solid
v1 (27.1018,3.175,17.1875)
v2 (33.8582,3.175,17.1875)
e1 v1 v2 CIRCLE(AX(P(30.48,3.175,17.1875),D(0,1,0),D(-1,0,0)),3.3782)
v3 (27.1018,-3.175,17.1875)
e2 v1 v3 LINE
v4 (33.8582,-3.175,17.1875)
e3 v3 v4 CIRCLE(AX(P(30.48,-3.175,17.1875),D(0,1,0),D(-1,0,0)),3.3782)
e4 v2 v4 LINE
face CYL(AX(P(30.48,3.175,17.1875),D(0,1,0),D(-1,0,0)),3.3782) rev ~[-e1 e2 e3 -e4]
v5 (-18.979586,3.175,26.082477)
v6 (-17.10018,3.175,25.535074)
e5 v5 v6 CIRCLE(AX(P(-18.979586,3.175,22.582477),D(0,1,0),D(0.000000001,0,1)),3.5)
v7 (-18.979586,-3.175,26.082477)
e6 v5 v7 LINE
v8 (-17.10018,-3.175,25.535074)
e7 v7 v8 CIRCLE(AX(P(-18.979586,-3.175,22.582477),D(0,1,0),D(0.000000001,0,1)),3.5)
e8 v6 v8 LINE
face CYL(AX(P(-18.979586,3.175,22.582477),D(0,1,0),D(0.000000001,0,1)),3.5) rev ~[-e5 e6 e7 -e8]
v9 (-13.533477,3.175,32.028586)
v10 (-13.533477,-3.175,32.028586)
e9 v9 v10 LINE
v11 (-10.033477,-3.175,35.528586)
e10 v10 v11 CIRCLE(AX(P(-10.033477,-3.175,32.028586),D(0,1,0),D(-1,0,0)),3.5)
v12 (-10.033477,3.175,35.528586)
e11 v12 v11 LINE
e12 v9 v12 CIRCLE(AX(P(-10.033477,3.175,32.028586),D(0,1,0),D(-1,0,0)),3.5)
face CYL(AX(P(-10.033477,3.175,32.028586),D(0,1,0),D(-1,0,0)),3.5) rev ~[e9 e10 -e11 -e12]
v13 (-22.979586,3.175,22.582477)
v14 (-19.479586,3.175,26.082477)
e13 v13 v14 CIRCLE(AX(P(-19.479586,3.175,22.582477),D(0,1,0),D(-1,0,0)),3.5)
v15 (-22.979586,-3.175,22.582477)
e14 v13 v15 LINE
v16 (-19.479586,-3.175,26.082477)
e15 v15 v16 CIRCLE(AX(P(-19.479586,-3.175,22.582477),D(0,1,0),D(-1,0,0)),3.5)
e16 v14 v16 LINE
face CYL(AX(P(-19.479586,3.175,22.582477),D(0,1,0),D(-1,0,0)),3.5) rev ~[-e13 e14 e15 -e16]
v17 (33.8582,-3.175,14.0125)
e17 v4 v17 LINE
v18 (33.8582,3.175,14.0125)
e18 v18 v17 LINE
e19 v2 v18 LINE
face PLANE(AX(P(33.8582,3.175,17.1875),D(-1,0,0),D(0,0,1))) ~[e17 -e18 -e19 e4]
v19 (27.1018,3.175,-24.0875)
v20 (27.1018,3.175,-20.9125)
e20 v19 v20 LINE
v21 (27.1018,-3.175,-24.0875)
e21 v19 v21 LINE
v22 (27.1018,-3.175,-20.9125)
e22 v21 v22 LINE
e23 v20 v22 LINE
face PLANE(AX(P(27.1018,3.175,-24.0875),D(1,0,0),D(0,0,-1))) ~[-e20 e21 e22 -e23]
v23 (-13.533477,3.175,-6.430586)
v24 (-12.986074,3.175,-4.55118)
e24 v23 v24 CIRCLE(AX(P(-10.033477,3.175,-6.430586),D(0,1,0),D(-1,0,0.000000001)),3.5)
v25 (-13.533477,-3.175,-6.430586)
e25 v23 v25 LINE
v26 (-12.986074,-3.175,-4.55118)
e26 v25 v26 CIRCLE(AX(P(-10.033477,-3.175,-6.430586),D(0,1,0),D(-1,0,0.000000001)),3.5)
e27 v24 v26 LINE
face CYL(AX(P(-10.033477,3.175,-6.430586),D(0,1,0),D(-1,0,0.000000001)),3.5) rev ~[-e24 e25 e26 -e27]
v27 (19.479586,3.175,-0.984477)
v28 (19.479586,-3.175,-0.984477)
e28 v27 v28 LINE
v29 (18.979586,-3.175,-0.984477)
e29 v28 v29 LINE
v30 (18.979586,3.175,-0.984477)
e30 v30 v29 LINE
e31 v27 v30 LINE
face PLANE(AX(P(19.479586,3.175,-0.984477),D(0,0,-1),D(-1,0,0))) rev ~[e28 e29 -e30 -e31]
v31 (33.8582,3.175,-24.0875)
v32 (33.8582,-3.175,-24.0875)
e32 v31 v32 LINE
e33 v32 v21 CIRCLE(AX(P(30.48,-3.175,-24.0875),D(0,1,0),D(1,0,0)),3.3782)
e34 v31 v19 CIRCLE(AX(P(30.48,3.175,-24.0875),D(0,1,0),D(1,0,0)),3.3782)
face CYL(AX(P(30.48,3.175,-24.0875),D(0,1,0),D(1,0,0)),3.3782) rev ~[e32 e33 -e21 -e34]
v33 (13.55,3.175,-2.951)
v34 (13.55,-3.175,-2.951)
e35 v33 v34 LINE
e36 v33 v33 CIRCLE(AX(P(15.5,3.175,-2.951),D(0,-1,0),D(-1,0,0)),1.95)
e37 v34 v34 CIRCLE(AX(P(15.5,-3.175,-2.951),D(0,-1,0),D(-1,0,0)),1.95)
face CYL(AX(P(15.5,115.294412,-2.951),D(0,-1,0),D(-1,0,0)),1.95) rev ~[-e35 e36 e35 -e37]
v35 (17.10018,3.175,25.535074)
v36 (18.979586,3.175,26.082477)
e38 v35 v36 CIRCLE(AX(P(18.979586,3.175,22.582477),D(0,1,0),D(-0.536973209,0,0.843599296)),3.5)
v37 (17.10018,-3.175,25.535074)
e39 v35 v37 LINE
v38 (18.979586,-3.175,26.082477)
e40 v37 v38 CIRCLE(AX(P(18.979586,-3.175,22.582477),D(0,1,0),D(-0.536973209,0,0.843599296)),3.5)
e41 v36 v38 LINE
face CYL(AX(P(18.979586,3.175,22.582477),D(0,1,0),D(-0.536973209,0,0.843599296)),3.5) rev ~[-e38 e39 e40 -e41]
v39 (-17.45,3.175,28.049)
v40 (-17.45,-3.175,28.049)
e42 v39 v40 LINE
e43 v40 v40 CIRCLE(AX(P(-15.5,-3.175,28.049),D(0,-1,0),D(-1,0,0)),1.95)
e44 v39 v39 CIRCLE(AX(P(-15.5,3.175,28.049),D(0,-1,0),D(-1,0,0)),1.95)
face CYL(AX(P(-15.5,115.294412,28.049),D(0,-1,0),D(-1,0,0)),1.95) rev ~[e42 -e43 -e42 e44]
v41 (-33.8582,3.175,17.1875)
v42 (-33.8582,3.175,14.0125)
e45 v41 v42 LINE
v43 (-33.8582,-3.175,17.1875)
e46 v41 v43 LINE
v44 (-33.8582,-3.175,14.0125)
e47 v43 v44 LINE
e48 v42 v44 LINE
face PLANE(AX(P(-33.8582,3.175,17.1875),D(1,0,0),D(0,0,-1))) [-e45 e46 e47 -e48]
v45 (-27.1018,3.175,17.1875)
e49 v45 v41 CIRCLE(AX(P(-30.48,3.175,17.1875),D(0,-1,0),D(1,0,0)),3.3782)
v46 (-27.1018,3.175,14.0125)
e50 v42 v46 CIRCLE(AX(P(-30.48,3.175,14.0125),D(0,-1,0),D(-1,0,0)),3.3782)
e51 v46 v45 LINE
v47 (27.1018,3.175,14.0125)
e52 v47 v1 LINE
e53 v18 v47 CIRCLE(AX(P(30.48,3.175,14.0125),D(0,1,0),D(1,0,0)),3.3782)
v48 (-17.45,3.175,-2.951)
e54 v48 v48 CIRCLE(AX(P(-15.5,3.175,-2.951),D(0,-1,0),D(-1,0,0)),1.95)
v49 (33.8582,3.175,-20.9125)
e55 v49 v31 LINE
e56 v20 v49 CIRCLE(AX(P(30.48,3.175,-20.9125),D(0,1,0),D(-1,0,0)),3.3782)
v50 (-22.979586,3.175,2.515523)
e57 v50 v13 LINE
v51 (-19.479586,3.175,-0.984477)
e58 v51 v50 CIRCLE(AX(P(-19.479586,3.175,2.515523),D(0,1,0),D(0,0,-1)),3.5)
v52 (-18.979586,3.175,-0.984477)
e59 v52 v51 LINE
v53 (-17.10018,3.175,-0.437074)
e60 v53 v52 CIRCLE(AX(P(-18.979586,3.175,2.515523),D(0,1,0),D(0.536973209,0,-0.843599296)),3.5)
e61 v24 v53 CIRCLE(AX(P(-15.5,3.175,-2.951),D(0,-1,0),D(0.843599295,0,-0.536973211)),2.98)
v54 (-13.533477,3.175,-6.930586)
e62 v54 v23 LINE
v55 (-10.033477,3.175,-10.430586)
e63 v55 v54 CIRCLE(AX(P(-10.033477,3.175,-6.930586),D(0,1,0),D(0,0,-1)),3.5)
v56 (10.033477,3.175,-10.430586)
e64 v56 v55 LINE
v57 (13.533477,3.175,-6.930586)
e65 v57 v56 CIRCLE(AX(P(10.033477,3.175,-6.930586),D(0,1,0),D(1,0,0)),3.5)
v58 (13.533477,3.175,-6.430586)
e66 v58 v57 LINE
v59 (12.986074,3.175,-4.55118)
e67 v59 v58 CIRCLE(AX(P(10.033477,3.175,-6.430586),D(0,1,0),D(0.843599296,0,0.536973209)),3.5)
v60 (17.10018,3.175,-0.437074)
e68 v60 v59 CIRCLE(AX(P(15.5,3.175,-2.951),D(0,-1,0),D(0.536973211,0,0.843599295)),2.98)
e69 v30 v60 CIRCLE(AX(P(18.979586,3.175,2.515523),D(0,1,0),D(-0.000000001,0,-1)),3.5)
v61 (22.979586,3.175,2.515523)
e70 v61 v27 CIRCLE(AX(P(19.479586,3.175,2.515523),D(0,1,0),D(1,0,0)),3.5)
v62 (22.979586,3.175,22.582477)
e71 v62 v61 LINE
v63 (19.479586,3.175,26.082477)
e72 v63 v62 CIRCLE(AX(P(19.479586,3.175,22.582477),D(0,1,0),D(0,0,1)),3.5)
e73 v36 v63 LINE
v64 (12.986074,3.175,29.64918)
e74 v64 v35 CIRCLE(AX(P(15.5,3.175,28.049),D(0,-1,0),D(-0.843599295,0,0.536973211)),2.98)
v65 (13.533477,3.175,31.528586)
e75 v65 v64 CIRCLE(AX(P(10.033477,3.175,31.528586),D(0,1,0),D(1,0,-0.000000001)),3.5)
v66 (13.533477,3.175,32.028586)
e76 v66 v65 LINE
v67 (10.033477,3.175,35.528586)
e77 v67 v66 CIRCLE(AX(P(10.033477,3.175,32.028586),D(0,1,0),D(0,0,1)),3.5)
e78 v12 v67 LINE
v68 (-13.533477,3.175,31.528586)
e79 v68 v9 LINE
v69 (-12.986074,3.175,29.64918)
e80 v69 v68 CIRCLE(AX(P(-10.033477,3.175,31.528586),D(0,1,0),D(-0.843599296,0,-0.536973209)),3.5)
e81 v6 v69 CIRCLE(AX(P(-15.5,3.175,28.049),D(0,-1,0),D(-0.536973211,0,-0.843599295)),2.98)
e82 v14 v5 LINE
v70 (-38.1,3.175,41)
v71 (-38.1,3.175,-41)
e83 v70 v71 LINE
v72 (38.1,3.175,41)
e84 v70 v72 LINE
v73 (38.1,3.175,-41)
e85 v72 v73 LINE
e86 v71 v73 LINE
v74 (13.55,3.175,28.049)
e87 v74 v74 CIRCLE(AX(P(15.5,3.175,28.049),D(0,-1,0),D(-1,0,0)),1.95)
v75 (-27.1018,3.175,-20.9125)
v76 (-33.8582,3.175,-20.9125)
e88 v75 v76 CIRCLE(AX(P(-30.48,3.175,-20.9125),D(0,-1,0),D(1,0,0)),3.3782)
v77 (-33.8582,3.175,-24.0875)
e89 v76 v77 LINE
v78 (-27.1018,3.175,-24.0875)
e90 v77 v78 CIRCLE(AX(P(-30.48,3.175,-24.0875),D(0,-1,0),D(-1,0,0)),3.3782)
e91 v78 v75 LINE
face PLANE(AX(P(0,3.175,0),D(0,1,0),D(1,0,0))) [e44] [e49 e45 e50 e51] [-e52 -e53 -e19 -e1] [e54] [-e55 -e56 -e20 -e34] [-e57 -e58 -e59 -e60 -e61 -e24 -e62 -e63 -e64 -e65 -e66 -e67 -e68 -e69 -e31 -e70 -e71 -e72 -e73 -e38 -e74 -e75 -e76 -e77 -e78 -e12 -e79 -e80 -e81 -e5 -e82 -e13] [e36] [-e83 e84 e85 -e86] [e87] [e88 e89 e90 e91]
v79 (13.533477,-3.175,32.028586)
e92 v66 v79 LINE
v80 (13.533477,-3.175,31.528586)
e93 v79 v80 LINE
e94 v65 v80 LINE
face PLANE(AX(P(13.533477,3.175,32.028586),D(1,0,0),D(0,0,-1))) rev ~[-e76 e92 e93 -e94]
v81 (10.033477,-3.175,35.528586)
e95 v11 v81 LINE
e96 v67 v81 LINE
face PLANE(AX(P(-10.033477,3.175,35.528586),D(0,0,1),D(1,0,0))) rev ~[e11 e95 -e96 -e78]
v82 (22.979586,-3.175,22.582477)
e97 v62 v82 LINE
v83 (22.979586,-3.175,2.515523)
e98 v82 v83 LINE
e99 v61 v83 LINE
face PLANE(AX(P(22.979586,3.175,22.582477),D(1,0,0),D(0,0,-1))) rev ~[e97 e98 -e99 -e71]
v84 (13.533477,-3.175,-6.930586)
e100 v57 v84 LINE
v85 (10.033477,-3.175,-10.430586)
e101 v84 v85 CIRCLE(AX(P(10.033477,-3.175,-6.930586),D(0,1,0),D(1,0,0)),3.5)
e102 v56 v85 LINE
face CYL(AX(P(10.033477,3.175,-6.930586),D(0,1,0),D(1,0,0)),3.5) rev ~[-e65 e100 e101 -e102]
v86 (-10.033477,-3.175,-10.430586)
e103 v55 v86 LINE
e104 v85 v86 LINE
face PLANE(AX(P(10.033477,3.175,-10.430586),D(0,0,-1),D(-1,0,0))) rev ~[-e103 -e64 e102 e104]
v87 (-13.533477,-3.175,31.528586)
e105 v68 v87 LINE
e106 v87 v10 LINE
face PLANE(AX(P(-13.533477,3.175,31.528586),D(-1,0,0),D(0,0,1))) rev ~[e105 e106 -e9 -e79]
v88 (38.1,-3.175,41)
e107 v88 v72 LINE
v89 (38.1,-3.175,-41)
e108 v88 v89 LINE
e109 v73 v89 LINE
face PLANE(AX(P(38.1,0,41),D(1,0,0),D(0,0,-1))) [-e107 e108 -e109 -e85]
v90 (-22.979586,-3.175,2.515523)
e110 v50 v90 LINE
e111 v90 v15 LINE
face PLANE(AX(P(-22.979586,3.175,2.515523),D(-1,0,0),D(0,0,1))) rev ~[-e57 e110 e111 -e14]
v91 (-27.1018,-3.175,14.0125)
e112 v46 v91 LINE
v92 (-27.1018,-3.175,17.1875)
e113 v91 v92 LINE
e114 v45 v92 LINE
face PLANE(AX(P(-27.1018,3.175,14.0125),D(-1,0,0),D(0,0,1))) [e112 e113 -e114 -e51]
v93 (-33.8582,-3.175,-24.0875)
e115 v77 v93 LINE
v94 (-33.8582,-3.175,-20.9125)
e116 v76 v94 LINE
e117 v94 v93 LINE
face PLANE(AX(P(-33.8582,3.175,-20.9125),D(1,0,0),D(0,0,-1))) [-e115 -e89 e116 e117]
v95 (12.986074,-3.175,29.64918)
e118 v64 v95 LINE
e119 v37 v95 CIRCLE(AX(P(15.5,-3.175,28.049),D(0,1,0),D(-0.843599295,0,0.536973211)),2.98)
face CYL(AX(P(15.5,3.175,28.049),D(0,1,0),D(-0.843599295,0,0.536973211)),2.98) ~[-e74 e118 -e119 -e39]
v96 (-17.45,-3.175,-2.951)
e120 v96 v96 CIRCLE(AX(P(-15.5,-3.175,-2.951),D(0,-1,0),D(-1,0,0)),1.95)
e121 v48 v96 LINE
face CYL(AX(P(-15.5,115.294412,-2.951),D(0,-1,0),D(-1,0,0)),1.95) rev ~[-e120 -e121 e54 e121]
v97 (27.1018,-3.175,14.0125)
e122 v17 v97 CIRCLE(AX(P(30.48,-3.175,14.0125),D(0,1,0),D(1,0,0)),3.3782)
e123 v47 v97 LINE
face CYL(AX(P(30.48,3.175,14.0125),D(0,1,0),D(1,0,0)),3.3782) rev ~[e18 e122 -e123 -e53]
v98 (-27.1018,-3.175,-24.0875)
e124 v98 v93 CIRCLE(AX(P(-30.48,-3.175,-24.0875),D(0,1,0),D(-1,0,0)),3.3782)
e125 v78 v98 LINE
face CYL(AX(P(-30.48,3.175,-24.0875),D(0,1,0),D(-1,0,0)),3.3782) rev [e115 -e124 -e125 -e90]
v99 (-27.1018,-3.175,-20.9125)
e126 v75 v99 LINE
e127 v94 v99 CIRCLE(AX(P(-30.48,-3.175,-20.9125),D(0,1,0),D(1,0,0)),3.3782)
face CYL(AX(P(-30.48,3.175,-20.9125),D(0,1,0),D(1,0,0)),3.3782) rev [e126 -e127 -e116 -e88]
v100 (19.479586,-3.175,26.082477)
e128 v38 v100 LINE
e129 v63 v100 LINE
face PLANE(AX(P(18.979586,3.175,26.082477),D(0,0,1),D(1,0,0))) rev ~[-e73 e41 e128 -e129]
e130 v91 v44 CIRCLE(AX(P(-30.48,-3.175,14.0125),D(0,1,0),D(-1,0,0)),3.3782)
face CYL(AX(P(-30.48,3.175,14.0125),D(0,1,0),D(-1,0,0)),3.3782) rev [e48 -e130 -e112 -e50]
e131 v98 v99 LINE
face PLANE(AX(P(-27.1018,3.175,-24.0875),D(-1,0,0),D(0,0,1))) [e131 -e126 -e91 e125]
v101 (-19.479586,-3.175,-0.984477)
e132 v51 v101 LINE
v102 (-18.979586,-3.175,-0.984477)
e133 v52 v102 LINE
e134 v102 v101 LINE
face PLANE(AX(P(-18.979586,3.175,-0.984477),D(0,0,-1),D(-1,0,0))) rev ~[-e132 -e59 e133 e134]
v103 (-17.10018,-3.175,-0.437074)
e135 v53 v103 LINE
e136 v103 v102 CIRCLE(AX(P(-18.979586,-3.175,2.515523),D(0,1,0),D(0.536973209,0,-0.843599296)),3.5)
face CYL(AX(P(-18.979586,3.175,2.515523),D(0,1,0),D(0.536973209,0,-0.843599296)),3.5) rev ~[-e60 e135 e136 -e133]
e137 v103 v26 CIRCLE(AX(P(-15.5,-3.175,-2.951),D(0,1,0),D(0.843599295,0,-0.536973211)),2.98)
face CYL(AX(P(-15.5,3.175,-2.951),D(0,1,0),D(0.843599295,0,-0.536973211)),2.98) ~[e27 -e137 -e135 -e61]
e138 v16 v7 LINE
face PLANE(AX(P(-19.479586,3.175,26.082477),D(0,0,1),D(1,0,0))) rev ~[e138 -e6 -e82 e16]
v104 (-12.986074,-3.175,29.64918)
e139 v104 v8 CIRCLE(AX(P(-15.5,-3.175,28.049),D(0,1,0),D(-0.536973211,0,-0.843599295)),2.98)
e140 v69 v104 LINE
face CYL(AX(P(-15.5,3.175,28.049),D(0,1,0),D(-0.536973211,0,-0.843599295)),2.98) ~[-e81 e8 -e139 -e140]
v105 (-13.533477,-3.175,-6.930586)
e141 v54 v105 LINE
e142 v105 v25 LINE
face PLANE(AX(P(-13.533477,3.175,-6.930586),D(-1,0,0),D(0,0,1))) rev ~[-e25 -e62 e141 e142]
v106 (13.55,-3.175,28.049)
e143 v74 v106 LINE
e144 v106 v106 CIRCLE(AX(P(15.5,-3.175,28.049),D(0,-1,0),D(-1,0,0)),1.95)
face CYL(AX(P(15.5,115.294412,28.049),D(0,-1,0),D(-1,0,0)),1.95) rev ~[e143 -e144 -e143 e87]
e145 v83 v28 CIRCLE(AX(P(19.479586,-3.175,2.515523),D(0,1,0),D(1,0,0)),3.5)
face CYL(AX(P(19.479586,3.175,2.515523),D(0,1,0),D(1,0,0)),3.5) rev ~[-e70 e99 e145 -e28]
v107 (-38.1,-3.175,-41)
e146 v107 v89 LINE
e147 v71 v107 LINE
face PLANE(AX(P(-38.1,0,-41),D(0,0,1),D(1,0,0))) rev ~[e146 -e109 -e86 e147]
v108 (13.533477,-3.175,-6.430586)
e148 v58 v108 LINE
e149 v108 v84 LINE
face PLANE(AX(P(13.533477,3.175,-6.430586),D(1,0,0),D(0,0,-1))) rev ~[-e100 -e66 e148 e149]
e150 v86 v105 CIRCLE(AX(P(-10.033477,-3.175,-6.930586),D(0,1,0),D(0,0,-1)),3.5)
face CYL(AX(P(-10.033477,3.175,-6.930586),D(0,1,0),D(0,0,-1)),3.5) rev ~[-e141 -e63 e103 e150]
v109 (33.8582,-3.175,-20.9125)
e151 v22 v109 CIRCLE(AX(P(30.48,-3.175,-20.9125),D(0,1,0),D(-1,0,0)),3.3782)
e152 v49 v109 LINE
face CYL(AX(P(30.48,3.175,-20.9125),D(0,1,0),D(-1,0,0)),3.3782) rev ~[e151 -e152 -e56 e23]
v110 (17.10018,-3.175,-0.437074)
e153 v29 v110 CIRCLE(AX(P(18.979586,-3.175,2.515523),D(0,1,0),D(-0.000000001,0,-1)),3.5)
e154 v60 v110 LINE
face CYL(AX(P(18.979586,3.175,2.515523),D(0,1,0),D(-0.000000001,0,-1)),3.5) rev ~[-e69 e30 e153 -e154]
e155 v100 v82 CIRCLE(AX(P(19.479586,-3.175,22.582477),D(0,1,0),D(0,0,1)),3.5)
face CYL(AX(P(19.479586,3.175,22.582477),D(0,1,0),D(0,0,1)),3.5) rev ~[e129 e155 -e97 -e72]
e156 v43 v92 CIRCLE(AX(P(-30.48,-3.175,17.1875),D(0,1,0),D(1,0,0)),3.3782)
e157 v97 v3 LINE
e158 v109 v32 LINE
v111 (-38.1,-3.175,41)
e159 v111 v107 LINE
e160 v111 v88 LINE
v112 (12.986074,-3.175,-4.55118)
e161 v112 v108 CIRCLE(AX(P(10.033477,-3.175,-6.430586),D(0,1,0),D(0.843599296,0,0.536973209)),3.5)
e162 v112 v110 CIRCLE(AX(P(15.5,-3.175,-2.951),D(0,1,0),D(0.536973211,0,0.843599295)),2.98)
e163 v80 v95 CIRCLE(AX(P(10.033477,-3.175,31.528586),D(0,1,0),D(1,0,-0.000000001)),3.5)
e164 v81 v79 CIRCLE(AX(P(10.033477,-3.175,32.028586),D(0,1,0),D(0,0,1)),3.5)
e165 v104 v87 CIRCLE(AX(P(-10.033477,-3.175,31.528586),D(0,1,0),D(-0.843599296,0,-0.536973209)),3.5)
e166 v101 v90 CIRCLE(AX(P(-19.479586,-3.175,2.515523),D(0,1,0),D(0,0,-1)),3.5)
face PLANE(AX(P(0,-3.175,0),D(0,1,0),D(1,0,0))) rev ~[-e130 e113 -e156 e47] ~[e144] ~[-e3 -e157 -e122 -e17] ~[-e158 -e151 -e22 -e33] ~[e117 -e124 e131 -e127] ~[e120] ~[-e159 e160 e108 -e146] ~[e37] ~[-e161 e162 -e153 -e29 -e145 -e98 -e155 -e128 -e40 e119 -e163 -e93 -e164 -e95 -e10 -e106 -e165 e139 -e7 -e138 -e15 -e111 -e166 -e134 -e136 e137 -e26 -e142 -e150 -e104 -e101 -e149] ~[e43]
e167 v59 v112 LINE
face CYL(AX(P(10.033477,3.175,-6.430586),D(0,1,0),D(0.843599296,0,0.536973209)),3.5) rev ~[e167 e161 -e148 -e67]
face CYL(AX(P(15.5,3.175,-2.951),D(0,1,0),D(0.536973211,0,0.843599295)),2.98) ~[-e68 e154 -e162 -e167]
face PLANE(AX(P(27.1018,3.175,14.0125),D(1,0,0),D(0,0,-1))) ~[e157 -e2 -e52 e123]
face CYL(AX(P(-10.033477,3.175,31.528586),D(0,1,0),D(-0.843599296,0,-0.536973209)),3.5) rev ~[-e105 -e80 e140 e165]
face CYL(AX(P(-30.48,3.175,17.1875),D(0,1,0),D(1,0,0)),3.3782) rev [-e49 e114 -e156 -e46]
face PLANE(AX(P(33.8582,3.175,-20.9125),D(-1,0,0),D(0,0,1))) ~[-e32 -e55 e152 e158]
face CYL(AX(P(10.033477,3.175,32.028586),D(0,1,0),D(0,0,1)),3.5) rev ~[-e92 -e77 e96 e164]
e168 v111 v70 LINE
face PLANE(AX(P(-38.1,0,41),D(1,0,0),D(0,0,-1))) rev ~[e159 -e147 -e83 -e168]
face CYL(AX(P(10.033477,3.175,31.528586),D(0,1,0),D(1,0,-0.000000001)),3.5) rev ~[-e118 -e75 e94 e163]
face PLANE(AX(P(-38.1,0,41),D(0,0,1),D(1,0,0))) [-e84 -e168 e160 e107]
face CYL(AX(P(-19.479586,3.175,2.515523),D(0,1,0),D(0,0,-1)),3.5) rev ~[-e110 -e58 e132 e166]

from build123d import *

# Parameters (mm, degrees)
SKETCH1_W              = 76.2
SKETCH1_H              = 82
BOSS_EXTRUDE1_DEPTH    = 3.175
CUT_EXTRUDE2_DEPTH     = 57.328789264
M3_5_CLEARANCE_HOLE1_D = 3.9
CUT_EXTRUDE6_DEPTH     = 57.328789264
CUT_EXTRUDE7_DEPTH     = 57.328789264
CIRPATTERN1_COUNT      = 4


with BuildPart() as part:
    # Sketch1 → Boss-Extrude1 (new, symmetric)
    with BuildSketch(Plane(origin=(0, 0, 0), x_dir=(1, 0, 0), z_dir=(0, 1, 0))):
        Rectangle(SKETCH1_W, SKETCH1_H)
    extrude(amount=BOSS_EXTRUDE1_DEPTH, both=True)

    # Sketch8 → Cut-Extrude2 (cut, through all)
    with BuildSketch(Plane(origin=(0, 3.175, 0), x_dir=(1, 0, 0), z_dir=(0, 1, 0))):
        with BuildLine():
            Line((-33.8582, -17.1875), (-33.8582, -14.0125))
            ThreePointArc((-33.8582, -14.0125), (-30.48, -10.6343), (-27.1018, -14.0125))
            Line((-27.1018, -14.0125), (-27.1018, -17.1875))
            ThreePointArc((-27.1018, -17.1875), (-30.48, -20.5657), (-33.8582, -17.1875))
        make_face()
        with BuildLine():
            Line((-33.8582, 20.9125), (-33.8582, 24.0875))
            ThreePointArc((-33.8582, 24.0875), (-30.48, 27.4657), (-27.1018, 24.0875))
            Line((-27.1018, 24.0875), (-27.1018, 20.9125))
            ThreePointArc((-27.1018, 20.9125), (-30.48, 17.5343), (-33.8582, 20.9125))
        make_face()
    cut_extrude2 = extrude(amount=-CUT_EXTRUDE2_DEPTH, mode=Mode.SUBTRACT)

    # Mirror1: Cut-Extrude2 across plane
    add(cut_extrude2.mirror(Plane(origin=(0, 0, 0), x_dir=(0, 0, 1), z_dir=(1, 0, 0))), mode=Mode.SUBTRACT)

    # M3.5 Clearance Hole1 (through all)
    with Locations(Plane(origin=(0, 3.175, 0), x_dir=(1, 0, 0), z_dir=(0, 1, 0))):
        with Locations((-15.5, 2.951), (15.5, 2.951), (15.5, -28.049), (-15.5, -28.049)):
            Hole(M3_5_CLEARANCE_HOLE1_D / 2)

    # Sketch23 → Cut-Extrude6 (cut, through all)
    with BuildSketch(Plane(origin=(0, 3.175, 0), x_dir=(1, 0, 0), z_dir=(0, 1, 0))):
        with BuildLine():
            Line((-12.9860741, 8.471), (-12.9860741, 4.551180167))
            ThreePointArc((-12.9860741, 4.551180167), (-13.392821792, 0.843821792), (-17.100180167, 0.4370741))
            Line((-17.100180167, 0.4370741), (-21.02, 0.4370741))
            Line((-21.02, 0.4370741), (-21.02, -25.5350741))
            Line((-21.02, -25.5350741), (-17.100180167, -25.5350741))
            ThreePointArc((-17.100180167, -25.5350741), (-13.392821792, -25.941821792), (-12.9860741, -29.649180167))
            Line((-12.9860741, -29.649180167), (-12.9860741, -33.569))
            Line((-12.9860741, -33.569), (12.9860741, -33.569))
            Line((12.9860741, -33.569), (12.9860741, -29.649180167))
            ThreePointArc((12.9860741, -29.649180167), (13.392821792, -25.941821792), (17.100180167, -25.5350741))
            Line((17.100180167, -25.5350741), (21.02, -25.5350741))
            Line((21.02, -25.5350741), (21.02, 0.4370741))
            Line((21.02, 0.4370741), (17.100180167, 0.4370741))
            ThreePointArc((17.100180167, 0.4370741), (13.392821792, 0.843821792), (12.9860741, 4.551180167))
            Line((12.9860741, 4.551180167), (12.9860741, 8.471))
            Line((12.9860741, 8.471), (-12.9860741, 8.471))
        make_face()
    extrude(amount=-CUT_EXTRUDE6_DEPTH, mode=Mode.SUBTRACT)

    # Sketch24 → Cut-Extrude7 (cut, through all)
    with BuildSketch(Plane(origin=(0, 3.175, 0), x_dir=(1, 0, 0), z_dir=(0, 1, 0))):
        with BuildLine():
            Line((-18.979586404, 0.984476566), (-19.479586404, 0.984476566))
            ThreePointArc((-19.479586404, 0.984476566), (-21.954460139, -0.0406497), (-22.979586404, -2.515523434))
            Line((-22.979586404, -2.515523434), (-22.979586404, -22.582476566))
            ThreePointArc((-22.979586404, -22.582476566), (-21.954460139, -25.0573503), (-19.479586404, -26.082476566))
            Line((-19.479586404, -26.082476566), (-18.979586404, -26.082476566))
            ThreePointArc((-18.979586404, -26.082476566), (-18.000834998, -25.942840487), (-17.100180167, -25.5350741))
            ThreePointArc((-17.100180167, -25.5350741), (-13.392821792, -25.941821792), (-12.9860741, -29.649180167))
            Line((-12.9860741, -29.649180167), (-7.9860741, -29.649180167))
            Line((-7.9860741, -29.649180167), (-7.9860741, 4.551180167))
            Line((-7.9860741, 4.551180167), (-12.9860741, 4.551180167))
            ThreePointArc((-12.9860741, 4.551180167), (-13.392821792, 0.843821792), (-17.100180167, 0.4370741))
            ThreePointArc((-17.100180167, 0.4370741), (-18.000834998, 0.844840487), (-18.979586404, 0.984476566))
        make_face()
    cut_extrude7 = extrude(amount=-CUT_EXTRUDE7_DEPTH, mode=Mode.SUBTRACT)

    # CirPattern1: Cut-Extrude7 ×4 about axis
    cirpattern1_axis = Axis((0, 3.175, 12.549), (0, 1, 0))
    for i in range(1, CIRPATTERN1_COUNT):
        add(cut_extrude7.rotate(cirpattern1_axis, i * 360 / CIRPATTERN1_COUNT), mode=Mode.SUBTRACT)


solid = part.part
